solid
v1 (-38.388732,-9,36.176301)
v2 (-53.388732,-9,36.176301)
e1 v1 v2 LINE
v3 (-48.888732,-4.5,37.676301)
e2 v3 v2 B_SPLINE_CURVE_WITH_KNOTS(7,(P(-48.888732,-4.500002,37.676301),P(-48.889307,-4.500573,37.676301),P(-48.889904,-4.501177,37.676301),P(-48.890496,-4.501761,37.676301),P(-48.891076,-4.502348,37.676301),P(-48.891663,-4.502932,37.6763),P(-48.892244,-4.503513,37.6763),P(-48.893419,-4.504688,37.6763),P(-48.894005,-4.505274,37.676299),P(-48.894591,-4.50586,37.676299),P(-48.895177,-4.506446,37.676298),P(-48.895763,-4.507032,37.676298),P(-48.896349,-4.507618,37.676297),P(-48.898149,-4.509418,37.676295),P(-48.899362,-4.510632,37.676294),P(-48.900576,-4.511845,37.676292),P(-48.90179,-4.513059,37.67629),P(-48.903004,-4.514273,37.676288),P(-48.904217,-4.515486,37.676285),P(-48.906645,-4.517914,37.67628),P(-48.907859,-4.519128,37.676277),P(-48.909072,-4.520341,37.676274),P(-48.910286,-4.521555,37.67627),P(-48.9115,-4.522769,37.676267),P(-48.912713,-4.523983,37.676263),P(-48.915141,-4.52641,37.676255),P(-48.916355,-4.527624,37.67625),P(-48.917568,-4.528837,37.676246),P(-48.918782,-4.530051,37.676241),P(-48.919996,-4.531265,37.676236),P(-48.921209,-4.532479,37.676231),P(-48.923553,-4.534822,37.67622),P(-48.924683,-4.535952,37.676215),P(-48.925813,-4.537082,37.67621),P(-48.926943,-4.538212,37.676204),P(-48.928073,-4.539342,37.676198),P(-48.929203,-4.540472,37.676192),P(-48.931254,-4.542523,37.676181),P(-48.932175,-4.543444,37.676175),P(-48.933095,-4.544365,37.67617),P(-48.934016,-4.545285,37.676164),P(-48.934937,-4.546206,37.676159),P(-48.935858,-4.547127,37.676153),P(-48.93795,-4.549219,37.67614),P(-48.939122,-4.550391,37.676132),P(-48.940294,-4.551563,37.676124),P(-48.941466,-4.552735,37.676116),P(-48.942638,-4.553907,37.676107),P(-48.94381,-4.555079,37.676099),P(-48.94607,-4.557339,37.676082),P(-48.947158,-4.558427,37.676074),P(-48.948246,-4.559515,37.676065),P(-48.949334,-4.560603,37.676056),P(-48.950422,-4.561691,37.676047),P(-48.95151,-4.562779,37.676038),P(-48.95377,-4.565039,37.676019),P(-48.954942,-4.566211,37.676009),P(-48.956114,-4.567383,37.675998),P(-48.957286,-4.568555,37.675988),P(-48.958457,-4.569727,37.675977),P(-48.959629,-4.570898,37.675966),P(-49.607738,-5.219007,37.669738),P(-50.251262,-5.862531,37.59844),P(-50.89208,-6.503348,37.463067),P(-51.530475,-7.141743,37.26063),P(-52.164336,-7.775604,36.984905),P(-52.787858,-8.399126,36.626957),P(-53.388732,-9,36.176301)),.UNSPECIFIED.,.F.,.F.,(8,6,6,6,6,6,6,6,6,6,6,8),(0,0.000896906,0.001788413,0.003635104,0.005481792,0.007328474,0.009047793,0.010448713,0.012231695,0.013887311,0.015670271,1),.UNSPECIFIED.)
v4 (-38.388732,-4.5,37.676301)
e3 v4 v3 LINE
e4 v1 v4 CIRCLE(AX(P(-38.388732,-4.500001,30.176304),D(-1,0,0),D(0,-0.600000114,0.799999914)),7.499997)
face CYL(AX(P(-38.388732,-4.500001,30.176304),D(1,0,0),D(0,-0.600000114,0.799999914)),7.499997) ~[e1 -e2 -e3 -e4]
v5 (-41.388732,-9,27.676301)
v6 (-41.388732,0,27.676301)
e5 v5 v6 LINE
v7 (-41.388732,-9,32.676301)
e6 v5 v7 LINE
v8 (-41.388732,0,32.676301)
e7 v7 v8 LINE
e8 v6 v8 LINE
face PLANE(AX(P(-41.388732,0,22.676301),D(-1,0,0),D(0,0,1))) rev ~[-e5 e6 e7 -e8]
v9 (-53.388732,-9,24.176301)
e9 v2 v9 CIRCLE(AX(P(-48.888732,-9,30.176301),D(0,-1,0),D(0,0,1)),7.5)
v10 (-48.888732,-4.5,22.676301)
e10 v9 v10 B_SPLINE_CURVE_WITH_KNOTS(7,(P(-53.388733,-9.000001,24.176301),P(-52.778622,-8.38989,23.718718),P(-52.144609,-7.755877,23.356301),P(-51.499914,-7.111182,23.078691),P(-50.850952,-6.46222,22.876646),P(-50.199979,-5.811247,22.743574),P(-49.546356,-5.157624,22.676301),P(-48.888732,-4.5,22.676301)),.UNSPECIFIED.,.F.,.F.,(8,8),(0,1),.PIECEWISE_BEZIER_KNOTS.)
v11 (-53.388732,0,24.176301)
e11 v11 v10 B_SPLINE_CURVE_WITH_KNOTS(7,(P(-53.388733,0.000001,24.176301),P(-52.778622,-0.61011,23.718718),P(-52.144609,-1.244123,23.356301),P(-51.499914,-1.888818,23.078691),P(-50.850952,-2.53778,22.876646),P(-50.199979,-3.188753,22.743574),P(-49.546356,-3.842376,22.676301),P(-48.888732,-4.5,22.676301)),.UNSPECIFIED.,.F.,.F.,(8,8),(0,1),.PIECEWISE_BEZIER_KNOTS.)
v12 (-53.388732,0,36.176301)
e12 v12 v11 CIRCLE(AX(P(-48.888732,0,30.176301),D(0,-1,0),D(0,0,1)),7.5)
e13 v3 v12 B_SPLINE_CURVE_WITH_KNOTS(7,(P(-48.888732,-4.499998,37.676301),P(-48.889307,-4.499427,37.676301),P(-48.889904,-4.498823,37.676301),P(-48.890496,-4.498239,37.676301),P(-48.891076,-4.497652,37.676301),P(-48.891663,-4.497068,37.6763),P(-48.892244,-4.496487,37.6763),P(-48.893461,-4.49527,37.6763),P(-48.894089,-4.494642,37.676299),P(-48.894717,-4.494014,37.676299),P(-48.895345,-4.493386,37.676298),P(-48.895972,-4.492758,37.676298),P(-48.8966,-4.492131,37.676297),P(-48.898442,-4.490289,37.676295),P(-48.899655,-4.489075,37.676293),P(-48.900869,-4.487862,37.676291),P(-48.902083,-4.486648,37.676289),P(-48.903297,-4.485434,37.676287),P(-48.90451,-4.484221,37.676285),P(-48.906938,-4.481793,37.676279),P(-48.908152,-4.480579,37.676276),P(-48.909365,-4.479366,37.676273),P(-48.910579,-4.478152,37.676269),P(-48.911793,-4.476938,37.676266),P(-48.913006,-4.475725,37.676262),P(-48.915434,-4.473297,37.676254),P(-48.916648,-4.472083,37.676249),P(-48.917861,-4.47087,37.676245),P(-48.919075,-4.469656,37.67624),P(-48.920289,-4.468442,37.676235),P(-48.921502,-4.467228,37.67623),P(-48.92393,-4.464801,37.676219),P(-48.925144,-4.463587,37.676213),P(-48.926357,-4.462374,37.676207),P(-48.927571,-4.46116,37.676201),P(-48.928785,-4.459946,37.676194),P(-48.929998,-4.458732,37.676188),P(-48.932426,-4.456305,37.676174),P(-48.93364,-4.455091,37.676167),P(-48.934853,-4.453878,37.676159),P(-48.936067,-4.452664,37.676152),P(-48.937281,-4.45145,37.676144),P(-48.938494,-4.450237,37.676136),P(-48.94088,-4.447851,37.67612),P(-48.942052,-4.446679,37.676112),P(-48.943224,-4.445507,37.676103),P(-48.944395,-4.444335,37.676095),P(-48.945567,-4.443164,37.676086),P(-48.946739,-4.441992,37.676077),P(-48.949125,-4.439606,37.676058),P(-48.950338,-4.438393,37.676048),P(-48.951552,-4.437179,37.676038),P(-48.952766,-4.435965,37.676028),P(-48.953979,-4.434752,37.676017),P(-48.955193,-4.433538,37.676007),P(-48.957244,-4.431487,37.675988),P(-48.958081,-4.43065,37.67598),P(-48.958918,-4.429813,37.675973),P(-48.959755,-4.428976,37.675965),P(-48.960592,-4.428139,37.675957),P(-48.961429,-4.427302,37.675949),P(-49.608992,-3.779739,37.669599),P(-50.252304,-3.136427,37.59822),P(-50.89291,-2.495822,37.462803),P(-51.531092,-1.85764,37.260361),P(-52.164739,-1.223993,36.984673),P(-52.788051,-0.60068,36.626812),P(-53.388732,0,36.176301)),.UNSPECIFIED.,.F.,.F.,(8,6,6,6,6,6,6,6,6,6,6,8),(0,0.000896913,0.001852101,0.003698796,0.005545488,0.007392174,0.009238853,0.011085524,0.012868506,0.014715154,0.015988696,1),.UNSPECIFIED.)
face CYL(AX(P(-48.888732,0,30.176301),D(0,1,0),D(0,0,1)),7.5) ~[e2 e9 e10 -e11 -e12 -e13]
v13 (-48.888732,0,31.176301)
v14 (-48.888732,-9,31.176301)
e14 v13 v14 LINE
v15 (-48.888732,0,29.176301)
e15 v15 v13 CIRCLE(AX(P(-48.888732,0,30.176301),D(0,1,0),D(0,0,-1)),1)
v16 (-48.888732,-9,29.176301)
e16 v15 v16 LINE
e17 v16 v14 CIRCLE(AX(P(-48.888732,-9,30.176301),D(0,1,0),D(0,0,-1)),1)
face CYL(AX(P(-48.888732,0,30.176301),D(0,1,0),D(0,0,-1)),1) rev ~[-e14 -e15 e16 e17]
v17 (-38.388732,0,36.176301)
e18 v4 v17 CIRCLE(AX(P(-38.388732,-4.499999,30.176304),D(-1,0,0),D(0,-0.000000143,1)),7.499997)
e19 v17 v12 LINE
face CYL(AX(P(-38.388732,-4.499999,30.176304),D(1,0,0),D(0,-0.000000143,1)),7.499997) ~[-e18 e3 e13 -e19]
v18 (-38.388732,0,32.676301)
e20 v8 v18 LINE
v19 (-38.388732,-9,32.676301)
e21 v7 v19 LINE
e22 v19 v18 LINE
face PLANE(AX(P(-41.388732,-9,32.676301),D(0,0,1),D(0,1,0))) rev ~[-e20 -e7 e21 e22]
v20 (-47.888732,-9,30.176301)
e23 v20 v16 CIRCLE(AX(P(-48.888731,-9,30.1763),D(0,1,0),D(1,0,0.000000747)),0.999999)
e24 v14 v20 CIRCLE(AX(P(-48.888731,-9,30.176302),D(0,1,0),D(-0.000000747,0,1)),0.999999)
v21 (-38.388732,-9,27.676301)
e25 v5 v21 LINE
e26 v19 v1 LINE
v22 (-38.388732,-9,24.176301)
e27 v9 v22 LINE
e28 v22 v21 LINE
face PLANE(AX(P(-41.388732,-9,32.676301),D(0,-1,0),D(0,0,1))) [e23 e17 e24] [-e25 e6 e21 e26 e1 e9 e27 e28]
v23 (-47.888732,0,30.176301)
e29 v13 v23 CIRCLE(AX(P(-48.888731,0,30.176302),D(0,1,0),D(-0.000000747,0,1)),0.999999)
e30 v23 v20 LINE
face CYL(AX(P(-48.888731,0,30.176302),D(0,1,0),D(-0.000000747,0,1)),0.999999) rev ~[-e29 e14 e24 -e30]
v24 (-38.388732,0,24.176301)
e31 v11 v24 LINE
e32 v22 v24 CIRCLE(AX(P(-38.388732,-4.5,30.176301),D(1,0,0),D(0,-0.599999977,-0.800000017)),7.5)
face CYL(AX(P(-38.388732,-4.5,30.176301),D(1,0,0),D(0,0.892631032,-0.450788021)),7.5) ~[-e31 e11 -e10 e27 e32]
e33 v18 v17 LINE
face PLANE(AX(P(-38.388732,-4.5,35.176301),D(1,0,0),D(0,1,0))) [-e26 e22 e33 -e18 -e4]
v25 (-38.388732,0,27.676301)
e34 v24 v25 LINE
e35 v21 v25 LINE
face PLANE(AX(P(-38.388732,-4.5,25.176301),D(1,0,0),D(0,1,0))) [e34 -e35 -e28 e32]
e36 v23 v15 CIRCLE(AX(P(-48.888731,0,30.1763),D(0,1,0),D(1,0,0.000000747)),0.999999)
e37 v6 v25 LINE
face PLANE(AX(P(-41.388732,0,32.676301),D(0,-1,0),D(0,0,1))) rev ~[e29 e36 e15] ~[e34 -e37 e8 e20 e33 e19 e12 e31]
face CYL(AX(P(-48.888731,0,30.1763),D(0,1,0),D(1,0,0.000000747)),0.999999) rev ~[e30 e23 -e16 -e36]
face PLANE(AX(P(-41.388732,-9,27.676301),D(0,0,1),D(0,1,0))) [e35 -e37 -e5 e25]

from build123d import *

# Parameters (mm, degrees)
F1_DEPTH = 9
F2_W     = 9
F2_H     = 5
F3_DEPTH = 3
F5_DEPTH = 25


with BuildPart() as f1:
    # F0 (on Front) → F1 (new body)
    with BuildSketch(Plane.XZ):
        with BuildLine():
            Line((-48.888732, 31.176301), (-48.888732, 37.676301))
            ThreePointArc((-48.888732, 37.676301), (-56.388732, 30.176301), (-48.888732, 22.676301))
            Line((-48.888732, 22.676301), (-48.888732, 29.176301))
            ThreePointArc((-48.888732, 29.176301), (-49.888732, 30.176301), (-48.888732, 31.176301))
        make_face()
        with BuildLine():
            ThreePointArc((-48.888732, 22.676301), (-43.585431, 24.873), (-41.388732, 30.176301))
            ThreePointArc((-41.388732, 30.176301), (-43.585431, 35.479602), (-48.888732, 37.676301))
            Line((-48.888732, 37.676301), (-48.888732, 31.176301))
            ThreePointArc((-48.888732, 31.176301), (-48.181625, 30.883408), (-47.888732, 30.176301))
            ThreePointArc((-47.888732, 30.176301), (-48.181625, 29.469194), (-48.888732, 29.176301))
            Line((-48.888732, 29.176301), (-48.888732, 22.676301))
        make_face()
        with BuildLine():
            ThreePointArc((-48.888732, 37.676301), (-43.585431, 35.479602), (-41.388732, 30.176301))
            Line((-41.388732, 30.176301), (-41.388732, 37.676301))
            Line((-41.388732, 37.676301), (-48.888732, 37.676301))
        make_face()
        with BuildLine():
            Line((-41.388732, 22.676301), (-41.388732, 30.176301))
            ThreePointArc((-41.388732, 30.176301), (-43.585431, 24.873), (-48.888732, 22.676301))
            Line((-48.888732, 22.676301), (-41.388732, 22.676301))
        make_face()
    extrude(amount=F1_DEPTH)

    # F2 (on face) → F3 (join)
    with BuildSketch(Plane.YZ.offset(-41.388732)):
        with Locations((-4.5, 35.176301)):
            Rectangle(F2_W, F2_H)
        with Locations((-4.5, 25.176301)):
            Rectangle(F2_W, F2_H)
    extrude(amount=F3_DEPTH)

    # F4 (on face) → F5 (cut)
    with BuildSketch(Plane.YZ.offset(-38.388732)):
        with BuildLine():
            Line((5.874889, 26.795391), (2.194733, 26.795391))
            ThreePointArc((2.194733, 26.795391), (-4.5, 22.676301), (-11.194733, 26.795391))
            Line((-11.194733, 26.795391), (-12.804028, 26.795391))
            Line((-12.804028, 26.795391), (-12.804028, 21.1592))
            Line((-12.804028, 21.1592), (5.874889, 21.1592))
            Line((5.874889, 21.1592), (5.874889, 26.795391))
        make_face()
        with BuildLine():
            ThreePointArc((-4.5, 37.676301), (-2.128292, 37.291426), (0, 36.176301))
            Line((0, 36.176301), (0, 37.676301))
            Line((0, 37.676301), (-4.5, 37.676301))
        make_face()
        with BuildLine():
            ThreePointArc((-9, 36.176301), (-6.871708, 37.291426), (-4.5, 37.676301))
            Line((-4.5, 37.676301), (-9, 37.676301))
            Line((-9, 37.676301), (-9, 36.176301))
        make_face()
    extrude(amount=-F5_DEPTH, mode=Mode.SUBTRACT)


solid = f1.part
